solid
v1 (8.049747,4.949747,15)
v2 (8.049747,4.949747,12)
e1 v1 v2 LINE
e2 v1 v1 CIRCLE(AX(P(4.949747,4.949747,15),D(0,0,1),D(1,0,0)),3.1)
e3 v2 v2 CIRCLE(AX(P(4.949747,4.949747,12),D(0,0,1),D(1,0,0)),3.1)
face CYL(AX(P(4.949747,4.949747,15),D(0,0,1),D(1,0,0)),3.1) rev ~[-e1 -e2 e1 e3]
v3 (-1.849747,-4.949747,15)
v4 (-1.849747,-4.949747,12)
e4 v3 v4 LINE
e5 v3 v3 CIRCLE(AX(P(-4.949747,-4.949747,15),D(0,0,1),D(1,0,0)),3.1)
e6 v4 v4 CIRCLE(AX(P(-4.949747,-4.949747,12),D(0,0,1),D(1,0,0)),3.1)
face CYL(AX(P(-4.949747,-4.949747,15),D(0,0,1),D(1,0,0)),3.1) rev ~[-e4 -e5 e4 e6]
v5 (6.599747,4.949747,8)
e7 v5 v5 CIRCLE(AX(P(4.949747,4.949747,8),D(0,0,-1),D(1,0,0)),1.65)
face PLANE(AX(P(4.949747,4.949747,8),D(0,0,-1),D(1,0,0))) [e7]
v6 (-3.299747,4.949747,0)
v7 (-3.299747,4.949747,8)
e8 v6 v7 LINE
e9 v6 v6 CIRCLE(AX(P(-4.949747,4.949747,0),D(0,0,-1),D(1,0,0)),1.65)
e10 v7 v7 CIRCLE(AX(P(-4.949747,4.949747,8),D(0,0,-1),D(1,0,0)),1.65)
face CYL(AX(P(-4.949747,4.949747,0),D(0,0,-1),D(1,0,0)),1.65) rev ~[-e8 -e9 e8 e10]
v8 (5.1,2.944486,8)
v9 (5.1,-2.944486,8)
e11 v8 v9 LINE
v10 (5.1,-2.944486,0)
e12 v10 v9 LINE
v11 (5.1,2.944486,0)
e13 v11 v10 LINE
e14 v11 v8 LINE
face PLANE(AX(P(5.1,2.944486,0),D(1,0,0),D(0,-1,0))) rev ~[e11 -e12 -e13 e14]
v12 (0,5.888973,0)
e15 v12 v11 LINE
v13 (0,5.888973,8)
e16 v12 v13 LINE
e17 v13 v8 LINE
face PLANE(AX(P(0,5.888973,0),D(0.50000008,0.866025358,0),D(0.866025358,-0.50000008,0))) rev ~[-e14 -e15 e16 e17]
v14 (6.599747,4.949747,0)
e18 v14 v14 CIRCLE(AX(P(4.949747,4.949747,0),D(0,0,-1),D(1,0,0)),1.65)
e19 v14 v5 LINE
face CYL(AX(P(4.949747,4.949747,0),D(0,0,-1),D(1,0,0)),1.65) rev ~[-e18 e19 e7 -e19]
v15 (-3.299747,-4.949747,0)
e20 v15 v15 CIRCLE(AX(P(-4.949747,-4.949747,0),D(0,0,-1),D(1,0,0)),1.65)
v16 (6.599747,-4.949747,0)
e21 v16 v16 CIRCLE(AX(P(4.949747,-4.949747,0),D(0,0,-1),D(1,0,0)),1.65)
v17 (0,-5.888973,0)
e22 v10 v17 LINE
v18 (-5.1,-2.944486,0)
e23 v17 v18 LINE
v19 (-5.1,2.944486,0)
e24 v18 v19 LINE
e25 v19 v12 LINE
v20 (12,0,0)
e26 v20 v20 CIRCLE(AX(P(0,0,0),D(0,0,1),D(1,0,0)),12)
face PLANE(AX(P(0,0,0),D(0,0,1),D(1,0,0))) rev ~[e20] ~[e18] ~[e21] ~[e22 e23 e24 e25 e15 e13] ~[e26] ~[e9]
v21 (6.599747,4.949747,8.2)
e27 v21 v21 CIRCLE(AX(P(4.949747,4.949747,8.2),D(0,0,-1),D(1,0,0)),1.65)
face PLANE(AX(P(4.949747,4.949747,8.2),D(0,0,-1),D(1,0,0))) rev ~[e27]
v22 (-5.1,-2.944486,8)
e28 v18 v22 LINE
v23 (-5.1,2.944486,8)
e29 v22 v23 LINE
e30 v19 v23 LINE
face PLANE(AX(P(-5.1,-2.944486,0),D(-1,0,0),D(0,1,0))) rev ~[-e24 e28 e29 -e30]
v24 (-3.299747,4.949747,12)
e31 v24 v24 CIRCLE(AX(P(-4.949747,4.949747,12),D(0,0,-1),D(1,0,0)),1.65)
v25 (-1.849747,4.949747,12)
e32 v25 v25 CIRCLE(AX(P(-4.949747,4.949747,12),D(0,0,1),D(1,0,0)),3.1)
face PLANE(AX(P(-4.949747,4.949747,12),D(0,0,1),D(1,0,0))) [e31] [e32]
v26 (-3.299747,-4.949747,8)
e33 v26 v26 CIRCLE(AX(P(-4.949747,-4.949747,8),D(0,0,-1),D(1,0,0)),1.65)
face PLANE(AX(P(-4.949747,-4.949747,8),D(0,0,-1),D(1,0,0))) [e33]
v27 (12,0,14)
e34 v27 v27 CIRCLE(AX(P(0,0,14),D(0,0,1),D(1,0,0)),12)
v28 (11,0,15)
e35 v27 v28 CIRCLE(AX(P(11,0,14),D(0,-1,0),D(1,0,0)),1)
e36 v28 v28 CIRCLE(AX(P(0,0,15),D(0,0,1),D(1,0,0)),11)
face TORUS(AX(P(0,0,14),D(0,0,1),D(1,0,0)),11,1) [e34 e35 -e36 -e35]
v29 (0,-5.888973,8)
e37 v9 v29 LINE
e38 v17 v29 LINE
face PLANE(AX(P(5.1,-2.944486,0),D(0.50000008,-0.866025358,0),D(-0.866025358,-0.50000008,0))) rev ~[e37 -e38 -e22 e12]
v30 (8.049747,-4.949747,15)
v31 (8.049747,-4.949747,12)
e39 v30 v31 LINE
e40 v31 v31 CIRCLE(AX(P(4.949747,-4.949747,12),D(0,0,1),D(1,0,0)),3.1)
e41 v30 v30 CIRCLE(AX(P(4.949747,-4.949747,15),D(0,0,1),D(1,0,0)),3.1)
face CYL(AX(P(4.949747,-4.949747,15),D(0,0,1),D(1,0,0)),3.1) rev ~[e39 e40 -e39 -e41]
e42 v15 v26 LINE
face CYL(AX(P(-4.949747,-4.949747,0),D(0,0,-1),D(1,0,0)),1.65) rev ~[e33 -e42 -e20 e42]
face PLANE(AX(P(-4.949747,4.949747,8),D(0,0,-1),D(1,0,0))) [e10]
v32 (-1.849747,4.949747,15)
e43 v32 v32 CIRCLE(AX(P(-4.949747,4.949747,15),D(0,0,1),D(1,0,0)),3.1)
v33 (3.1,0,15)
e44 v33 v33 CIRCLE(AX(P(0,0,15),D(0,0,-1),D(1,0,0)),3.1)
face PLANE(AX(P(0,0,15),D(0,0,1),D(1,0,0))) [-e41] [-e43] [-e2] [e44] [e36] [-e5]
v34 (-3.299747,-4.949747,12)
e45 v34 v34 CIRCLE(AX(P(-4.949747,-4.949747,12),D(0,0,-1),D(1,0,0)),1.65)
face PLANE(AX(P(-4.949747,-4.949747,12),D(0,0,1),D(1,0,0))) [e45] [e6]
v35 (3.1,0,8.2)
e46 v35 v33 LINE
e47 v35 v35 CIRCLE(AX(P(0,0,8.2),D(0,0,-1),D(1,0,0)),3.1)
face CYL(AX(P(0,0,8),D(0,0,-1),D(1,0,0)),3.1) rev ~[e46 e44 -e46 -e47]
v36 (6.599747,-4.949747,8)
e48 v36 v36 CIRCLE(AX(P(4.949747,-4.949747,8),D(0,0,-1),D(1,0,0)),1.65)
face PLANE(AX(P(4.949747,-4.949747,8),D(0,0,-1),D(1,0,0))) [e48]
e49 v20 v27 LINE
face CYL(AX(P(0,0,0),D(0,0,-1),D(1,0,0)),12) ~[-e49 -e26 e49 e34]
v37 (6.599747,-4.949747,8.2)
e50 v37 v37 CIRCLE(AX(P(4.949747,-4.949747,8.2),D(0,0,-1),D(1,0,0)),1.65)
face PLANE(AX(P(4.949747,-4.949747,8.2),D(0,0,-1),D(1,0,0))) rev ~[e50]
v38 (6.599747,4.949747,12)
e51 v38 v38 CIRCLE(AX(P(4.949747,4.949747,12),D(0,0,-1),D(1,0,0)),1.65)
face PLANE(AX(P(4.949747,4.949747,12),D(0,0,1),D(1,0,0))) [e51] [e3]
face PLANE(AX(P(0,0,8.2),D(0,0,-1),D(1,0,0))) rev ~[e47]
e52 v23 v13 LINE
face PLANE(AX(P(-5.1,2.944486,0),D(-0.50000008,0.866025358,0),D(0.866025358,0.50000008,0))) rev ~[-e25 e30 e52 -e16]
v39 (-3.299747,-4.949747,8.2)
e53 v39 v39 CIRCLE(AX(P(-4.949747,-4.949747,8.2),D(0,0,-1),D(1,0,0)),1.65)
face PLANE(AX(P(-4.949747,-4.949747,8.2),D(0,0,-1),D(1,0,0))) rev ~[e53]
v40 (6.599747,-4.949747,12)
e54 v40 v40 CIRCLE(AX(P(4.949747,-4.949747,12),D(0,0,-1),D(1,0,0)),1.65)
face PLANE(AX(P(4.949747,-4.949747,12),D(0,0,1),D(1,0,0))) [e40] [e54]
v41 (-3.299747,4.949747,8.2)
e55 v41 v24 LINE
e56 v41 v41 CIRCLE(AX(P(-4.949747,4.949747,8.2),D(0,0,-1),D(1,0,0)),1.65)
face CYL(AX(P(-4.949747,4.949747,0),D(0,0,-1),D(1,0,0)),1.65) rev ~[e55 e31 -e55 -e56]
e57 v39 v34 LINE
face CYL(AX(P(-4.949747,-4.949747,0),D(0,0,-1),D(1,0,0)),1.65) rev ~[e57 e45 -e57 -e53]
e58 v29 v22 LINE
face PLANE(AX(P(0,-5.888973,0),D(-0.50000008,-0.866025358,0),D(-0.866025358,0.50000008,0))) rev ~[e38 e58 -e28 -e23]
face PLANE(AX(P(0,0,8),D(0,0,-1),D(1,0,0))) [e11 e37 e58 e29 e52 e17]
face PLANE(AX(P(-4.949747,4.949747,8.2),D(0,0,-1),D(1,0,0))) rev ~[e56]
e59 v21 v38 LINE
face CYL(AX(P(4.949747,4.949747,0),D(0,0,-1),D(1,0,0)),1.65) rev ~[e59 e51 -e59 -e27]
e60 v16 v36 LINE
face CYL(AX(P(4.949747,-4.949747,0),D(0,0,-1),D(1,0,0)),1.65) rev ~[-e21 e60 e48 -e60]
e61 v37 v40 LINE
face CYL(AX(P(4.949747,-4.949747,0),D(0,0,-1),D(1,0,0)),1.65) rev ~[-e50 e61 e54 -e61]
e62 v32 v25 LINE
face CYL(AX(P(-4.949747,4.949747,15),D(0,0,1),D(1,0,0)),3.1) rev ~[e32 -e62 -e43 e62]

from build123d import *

# Parameters (mm, degrees)
SKETCH_R        = 12
PAD_DEPTH       = 15
SKETCH001_R     = 1.65
POCKET_DEPTH    = 15.001
POCKET001_DEPTH = 8
SKETCH003_R     = 3.1
POCKET002_DEPTH = 7.001
SKETCH004_R     = 3.1
PAD001_DEPTH    = 0.2
SKETCH005_R     = 3.1
POCKET003_DEPTH = 3
FILLET_R        = 1
SKETCH006_R     = 1.65
PAD002_DEPTH    = 0.2


with BuildPart() as part:
    # Sketch → Pad (new body)
    with BuildSketch(Plane.XY):
        Circle(SKETCH_R)
    extrude(amount=PAD_DEPTH)

    # Sketch001 (on Face2 of Pad) → Pocket (cut, through all)
    with BuildSketch(Plane(origin=(0, 0, 0), x_dir=(1, 0, 0), z_dir=(0, 0, -1))):
        with Locations((-4.949747, 4.949747)):
            Circle(SKETCH001_R)
        with Locations((4.949747, 4.949747)):
            Circle(SKETCH001_R)
        with Locations((4.949747, -4.949747)):
            Circle(SKETCH001_R)
        with Locations((-4.949747, -4.949747)):
            Circle(SKETCH001_R)
    extrude(amount=-POCKET_DEPTH, mode=Mode.SUBTRACT)

    # Sketch002 (on Face2 of Pocket) → Pocket001 (cut)
    with BuildSketch(Plane(origin=(0, 0, 0), x_dir=(1, 0, 0), z_dir=(0, 0, -1))):
        Polygon((5.1, 2.944486), (0, 5.888973), (-5.1, 2.944486), (-5.1, -2.944486), (0, -5.888973), (5.1, -2.944486), align=None)
    extrude(amount=-POCKET001_DEPTH, mode=Mode.SUBTRACT)

    # Sketch003 (on Face14 of Pocket001) → Pocket002 (cut, through all)
    with BuildSketch(Plane(origin=(0, 0, 8), x_dir=(1, 0, 0), z_dir=(0, 0, -1))):
        Circle(SKETCH003_R)
    extrude(amount=-POCKET002_DEPTH, mode=Mode.SUBTRACT)

    # Sketch004 (on Face15 of Pocket002) → Pad001 (join)
    with BuildSketch(Plane(origin=(0, 0, 8), x_dir=(1, 0, 0), z_dir=(0, 0, -1))):
        Circle(SKETCH004_R)
    extrude(amount=-PAD001_DEPTH)

    # Sketch005 (on Face3 of Pad001) → Pocket003 (cut)
    with BuildSketch(Plane.XY.offset(15)):
        with Locations((4.949747, 4.949747)):
            Circle(SKETCH005_R)
        with Locations((4.949747, -4.949747)):
            Circle(SKETCH005_R)
        with Locations((-4.949747, -4.949747)):
            Circle(SKETCH005_R)
        with Locations((-4.949747, 4.949747)):
            Circle(SKETCH005_R)
    extrude(amount=-POCKET003_DEPTH, mode=Mode.SUBTRACT)

    # Fillet
    fillet_edges = [part.edges().sort_by_distance(p)[0] for p in [
        (-12, 0, 15),
    ]]
    fillet(fillet_edges, radius=FILLET_R)

    # Sketch006 (on Face22 of Fillet) → Pad002 (join)
    with BuildSketch(Plane(origin=(0, 0, 8), x_dir=(1, 0, 0), z_dir=(0, 0, -1))):
        with Locations((-4.949747, 4.949747)):
            Circle(SKETCH006_R)
        with Locations((4.949747, 4.949747)):
            Circle(SKETCH006_R)
        with Locations((4.949747, -4.949747)):
            Circle(SKETCH006_R)
        with Locations((-4.949747, -4.949747)):
            Circle(SKETCH006_R)
    extrude(amount=-PAD002_DEPTH)


solid = part.part
